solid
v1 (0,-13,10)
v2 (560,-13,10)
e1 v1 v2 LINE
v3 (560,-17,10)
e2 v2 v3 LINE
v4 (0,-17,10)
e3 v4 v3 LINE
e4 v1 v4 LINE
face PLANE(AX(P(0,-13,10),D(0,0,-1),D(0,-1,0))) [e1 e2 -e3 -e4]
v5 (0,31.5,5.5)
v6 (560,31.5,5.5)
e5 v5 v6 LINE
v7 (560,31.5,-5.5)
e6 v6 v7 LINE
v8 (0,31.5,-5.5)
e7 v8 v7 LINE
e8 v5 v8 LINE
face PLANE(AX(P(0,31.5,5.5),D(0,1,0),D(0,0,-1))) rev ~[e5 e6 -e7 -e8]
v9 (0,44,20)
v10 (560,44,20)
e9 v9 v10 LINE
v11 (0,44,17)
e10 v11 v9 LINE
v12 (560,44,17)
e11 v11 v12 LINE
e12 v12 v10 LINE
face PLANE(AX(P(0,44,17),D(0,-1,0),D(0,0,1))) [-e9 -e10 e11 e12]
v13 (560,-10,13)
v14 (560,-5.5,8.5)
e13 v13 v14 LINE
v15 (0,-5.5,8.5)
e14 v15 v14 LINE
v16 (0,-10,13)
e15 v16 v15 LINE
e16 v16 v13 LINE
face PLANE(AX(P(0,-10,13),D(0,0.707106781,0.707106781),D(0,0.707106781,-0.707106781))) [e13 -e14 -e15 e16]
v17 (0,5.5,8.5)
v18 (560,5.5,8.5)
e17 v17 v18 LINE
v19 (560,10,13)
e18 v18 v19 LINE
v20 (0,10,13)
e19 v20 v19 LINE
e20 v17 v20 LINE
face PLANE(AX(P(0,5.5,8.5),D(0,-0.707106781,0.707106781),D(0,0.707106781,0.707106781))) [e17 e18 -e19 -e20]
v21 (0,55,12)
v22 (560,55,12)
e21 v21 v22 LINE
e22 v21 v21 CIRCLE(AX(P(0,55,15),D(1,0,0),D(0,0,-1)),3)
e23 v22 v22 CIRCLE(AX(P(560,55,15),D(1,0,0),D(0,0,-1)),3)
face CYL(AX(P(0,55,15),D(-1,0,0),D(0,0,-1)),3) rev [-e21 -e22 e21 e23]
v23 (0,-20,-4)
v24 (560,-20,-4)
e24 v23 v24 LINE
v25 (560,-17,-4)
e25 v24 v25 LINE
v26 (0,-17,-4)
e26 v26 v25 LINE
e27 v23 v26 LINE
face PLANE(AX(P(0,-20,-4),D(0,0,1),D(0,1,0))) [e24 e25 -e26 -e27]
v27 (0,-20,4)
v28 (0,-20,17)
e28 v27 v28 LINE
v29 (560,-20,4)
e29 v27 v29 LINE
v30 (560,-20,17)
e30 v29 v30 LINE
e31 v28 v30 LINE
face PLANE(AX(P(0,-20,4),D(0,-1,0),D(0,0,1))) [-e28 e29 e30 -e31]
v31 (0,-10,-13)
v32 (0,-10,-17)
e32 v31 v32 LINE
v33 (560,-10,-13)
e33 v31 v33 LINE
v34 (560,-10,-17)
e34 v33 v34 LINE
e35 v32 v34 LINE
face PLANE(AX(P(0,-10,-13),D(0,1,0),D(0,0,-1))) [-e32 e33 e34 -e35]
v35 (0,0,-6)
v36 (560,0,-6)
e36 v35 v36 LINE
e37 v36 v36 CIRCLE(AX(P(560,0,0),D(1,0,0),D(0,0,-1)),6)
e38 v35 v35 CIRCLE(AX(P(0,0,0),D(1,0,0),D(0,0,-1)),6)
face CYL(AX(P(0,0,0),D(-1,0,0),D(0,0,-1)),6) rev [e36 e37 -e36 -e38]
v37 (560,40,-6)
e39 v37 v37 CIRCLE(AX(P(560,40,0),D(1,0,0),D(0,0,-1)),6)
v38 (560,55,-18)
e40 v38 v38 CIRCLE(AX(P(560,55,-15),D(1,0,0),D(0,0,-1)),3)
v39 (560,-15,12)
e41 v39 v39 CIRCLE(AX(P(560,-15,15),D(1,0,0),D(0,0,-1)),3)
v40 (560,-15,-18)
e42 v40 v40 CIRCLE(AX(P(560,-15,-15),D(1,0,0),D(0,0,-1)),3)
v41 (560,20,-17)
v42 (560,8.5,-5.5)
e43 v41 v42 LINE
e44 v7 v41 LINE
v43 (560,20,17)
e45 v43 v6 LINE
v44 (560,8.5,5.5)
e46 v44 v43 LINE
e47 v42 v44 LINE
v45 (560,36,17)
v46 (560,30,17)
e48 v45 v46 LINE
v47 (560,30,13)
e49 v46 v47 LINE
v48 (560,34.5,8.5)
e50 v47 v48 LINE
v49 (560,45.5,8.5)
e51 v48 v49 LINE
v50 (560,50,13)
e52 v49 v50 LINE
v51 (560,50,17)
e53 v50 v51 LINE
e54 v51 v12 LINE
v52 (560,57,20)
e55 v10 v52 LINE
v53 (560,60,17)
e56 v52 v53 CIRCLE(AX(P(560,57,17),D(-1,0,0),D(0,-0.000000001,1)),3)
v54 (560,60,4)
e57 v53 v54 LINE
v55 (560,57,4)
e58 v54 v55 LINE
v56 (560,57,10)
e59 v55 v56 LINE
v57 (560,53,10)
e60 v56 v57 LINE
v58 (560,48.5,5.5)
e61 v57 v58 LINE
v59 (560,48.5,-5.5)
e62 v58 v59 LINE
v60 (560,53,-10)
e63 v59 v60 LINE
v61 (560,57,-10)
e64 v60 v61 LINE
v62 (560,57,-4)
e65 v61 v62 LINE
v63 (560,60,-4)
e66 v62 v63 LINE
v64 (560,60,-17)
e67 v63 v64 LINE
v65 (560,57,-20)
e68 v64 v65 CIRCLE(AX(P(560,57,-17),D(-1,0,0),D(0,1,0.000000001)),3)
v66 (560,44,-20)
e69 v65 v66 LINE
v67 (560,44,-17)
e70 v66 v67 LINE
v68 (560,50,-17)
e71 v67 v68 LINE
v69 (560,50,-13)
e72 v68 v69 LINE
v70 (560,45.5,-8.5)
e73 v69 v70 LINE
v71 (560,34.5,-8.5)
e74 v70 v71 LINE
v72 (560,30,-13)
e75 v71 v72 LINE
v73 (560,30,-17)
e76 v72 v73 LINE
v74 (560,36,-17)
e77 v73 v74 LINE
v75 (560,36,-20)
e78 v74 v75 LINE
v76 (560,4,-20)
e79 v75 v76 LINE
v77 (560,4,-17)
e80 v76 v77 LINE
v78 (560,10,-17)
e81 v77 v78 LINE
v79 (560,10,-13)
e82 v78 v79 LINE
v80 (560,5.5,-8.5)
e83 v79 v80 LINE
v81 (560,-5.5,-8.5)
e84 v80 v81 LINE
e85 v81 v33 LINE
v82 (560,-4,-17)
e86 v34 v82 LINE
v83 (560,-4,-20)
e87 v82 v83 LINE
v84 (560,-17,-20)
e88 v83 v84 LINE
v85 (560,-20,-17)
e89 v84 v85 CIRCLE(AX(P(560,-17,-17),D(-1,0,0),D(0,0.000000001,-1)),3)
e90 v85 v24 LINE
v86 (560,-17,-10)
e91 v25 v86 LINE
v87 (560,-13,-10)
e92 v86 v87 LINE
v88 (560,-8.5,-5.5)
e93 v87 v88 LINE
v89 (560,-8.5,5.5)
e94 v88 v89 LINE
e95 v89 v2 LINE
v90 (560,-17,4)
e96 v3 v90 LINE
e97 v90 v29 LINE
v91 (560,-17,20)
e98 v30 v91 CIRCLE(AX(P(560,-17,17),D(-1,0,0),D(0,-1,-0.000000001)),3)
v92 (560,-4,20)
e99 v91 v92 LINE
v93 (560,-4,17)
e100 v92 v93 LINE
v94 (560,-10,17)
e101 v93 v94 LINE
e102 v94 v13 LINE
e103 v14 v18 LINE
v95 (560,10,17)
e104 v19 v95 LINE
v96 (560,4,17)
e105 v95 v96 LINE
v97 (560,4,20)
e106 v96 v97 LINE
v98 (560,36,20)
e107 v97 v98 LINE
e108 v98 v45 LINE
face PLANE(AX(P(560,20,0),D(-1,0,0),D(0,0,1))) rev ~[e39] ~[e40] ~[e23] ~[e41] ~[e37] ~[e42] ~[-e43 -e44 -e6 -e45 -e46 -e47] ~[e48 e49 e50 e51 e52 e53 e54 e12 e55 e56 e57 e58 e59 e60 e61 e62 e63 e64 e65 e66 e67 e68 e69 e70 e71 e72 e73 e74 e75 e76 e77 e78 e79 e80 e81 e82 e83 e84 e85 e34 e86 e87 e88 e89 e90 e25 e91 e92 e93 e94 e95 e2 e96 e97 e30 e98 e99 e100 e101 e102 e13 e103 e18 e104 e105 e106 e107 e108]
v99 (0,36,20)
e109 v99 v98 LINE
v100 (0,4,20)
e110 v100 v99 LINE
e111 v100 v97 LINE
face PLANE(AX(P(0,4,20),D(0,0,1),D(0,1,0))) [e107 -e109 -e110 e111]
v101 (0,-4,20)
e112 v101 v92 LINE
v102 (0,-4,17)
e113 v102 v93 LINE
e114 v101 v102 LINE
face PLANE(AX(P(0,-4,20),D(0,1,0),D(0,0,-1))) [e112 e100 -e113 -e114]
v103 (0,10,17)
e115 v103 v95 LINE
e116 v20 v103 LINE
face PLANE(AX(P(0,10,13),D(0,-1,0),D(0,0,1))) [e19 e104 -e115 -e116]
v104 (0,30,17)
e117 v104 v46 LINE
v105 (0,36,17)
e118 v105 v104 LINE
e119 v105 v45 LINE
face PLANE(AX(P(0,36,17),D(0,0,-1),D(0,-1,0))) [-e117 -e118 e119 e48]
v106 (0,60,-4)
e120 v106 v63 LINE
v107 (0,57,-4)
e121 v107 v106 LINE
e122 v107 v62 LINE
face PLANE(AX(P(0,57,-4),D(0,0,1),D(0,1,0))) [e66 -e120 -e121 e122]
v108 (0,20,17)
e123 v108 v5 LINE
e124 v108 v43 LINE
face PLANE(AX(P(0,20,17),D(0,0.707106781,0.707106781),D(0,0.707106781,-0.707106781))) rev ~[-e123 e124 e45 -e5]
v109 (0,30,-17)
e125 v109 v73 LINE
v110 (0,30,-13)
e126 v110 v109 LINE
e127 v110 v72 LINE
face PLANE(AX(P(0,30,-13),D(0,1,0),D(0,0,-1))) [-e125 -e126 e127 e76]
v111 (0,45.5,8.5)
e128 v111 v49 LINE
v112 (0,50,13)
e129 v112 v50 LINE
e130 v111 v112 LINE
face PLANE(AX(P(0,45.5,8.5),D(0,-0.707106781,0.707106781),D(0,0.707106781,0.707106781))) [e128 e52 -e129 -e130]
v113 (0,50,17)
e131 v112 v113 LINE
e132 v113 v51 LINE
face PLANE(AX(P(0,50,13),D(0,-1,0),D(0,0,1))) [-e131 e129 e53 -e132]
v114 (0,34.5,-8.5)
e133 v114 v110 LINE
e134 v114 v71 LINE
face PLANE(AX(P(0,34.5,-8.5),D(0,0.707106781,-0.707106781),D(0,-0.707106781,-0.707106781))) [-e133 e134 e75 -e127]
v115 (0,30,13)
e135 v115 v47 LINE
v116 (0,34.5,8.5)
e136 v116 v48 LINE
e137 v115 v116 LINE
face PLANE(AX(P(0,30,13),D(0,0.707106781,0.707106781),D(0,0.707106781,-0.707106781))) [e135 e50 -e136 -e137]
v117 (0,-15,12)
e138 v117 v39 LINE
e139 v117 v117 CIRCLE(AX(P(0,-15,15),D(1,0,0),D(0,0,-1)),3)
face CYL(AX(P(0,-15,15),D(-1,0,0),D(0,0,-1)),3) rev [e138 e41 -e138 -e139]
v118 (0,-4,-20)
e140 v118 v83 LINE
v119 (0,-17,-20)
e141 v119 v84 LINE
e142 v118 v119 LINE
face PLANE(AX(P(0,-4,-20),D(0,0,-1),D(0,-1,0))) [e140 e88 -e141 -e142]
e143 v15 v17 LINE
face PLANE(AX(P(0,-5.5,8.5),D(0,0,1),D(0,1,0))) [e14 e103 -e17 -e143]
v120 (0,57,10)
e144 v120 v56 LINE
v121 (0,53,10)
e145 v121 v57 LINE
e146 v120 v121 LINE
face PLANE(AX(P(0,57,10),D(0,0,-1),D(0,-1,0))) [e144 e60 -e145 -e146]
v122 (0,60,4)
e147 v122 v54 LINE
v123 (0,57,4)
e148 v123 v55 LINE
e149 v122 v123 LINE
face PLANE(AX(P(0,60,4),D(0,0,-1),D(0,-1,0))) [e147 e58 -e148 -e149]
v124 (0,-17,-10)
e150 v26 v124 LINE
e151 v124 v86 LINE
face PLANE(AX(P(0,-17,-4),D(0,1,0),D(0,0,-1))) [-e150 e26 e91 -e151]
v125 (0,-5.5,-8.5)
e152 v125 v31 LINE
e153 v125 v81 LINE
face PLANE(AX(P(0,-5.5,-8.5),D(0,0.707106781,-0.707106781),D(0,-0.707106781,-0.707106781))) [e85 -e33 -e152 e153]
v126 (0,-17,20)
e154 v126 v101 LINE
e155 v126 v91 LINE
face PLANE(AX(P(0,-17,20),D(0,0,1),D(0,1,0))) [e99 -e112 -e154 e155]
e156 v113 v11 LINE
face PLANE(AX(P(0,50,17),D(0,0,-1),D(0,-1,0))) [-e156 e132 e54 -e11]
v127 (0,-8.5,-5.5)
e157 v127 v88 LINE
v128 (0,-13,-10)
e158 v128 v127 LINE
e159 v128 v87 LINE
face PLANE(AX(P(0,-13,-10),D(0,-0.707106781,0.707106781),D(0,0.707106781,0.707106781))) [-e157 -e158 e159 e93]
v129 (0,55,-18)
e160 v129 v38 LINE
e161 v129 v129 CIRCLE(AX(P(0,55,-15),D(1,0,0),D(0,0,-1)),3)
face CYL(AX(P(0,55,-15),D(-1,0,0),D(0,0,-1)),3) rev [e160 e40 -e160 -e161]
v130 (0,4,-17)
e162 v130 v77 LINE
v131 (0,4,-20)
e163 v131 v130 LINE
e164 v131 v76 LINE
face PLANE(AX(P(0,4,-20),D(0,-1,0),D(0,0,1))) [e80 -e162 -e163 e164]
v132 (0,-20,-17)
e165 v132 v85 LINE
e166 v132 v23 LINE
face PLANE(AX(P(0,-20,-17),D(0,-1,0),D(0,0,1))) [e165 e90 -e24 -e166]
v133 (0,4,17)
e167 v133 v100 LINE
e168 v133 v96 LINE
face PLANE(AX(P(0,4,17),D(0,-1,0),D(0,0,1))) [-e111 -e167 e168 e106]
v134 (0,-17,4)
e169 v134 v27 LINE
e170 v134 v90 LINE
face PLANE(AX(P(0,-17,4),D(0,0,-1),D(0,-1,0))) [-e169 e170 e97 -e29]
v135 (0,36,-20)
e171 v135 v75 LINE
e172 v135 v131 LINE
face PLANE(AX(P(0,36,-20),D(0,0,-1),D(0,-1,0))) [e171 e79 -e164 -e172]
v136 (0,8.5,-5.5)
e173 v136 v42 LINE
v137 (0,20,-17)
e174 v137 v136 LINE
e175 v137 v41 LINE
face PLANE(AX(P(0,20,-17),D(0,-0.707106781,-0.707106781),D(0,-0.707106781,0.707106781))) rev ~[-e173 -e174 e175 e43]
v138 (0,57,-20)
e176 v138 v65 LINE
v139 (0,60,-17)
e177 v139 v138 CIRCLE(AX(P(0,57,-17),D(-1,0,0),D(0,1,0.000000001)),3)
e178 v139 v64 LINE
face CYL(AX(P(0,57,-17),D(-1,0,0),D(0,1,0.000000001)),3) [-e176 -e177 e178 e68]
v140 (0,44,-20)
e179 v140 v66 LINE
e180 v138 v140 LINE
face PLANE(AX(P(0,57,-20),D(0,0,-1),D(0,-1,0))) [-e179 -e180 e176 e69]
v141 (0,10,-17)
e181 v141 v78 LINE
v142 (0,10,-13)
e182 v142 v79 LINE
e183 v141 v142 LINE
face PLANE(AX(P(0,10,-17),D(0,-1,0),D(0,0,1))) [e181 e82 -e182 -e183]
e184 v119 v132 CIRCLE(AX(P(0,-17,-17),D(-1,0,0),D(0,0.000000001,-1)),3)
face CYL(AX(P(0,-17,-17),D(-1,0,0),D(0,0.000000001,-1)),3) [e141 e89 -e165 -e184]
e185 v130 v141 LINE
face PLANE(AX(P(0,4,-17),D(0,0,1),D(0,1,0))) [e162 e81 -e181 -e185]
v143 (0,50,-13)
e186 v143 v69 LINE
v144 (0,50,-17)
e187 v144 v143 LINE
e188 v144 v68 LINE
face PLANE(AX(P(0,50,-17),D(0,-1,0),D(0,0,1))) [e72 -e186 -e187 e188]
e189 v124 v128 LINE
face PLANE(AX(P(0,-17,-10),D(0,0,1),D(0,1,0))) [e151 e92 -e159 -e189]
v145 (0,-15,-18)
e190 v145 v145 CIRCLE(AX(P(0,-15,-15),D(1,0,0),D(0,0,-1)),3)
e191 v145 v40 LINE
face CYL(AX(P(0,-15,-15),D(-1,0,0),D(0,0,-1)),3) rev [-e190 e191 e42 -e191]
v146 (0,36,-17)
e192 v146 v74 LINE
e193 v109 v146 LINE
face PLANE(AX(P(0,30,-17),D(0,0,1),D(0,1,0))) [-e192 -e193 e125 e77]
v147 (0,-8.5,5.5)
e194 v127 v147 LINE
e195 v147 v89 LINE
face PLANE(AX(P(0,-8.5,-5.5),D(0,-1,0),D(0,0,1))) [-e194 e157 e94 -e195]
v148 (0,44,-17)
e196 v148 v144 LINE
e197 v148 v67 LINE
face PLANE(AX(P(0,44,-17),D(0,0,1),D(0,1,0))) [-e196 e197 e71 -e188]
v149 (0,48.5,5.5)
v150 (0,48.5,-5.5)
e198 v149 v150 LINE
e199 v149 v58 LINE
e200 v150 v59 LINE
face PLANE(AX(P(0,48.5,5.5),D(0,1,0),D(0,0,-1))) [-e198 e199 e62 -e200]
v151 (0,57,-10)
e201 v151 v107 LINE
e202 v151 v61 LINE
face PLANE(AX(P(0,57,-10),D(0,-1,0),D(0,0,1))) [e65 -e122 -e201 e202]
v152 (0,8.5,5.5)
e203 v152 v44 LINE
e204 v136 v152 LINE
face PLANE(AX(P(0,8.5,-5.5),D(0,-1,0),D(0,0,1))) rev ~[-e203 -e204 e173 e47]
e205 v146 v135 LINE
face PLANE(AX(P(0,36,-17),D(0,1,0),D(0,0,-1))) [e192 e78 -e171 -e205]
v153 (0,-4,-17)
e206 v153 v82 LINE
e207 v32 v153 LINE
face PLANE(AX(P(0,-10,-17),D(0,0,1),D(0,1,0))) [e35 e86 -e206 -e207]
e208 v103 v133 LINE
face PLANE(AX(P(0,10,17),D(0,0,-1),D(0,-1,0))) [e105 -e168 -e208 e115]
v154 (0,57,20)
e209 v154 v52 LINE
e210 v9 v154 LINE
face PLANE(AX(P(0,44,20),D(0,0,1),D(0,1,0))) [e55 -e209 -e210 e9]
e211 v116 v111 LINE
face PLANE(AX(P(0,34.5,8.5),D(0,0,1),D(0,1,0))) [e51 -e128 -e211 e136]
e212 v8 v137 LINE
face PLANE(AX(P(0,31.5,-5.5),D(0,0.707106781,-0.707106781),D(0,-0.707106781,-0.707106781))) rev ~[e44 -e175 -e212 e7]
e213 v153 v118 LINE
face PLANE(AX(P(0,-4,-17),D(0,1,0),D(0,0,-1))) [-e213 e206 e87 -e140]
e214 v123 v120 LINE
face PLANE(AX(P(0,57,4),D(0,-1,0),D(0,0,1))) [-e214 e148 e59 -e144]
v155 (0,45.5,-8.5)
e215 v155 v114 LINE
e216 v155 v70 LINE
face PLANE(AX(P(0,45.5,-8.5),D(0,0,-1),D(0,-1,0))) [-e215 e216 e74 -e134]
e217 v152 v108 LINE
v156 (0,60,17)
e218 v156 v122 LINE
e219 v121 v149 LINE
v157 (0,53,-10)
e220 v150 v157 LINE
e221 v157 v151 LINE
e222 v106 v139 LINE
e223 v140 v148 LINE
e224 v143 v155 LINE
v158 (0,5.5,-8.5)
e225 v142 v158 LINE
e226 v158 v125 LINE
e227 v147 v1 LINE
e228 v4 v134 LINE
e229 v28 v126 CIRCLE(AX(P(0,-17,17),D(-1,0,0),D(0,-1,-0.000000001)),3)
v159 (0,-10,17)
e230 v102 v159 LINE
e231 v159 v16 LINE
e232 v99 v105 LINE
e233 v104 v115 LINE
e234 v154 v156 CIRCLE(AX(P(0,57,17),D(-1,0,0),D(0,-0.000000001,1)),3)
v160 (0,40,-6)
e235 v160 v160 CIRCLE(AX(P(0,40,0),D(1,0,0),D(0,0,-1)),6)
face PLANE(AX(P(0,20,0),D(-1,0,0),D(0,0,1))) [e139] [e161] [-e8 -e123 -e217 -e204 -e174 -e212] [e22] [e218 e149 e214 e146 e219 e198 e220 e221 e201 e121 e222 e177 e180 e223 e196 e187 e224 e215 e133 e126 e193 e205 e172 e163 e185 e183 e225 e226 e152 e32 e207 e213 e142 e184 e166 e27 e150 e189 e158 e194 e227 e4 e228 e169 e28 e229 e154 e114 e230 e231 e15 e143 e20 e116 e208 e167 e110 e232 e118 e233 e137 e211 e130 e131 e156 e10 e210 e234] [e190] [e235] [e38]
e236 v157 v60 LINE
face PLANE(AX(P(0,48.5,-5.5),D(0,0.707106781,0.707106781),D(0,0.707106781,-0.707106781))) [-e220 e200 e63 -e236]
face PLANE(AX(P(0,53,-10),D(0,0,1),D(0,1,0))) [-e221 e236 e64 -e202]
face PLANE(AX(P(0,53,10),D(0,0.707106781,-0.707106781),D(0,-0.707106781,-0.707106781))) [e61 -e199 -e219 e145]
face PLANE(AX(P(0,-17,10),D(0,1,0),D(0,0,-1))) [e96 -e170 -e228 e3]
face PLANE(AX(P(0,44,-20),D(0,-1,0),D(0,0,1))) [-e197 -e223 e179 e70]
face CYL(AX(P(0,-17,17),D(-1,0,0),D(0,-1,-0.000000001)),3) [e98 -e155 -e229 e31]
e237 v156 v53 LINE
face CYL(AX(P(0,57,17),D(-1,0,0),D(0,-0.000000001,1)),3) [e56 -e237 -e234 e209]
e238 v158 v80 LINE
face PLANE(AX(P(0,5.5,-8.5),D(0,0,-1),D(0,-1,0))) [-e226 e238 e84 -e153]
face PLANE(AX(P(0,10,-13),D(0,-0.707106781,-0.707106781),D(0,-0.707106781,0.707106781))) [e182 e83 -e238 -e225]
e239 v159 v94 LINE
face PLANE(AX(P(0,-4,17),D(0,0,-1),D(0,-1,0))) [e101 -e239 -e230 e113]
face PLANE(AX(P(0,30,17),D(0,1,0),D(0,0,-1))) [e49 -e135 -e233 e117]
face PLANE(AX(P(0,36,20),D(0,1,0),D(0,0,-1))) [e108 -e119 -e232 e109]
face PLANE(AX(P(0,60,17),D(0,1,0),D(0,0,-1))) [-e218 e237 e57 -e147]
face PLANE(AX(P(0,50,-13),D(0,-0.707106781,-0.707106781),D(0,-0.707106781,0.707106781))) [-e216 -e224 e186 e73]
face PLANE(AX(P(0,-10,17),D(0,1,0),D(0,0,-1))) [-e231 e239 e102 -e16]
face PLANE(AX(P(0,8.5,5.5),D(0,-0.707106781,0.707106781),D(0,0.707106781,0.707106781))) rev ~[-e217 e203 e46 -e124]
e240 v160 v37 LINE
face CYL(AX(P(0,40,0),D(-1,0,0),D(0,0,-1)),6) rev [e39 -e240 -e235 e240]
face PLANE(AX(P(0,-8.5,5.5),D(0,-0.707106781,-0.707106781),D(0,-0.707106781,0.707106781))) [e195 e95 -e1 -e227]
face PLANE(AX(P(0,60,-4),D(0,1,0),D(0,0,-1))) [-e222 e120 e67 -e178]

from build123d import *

# Parameters (mm, degrees)
SKETCH1_R           = 6
SKETCH1_R_2         = 3
BOSS_EXTRUDE1_DEPTH = 560


with BuildPart() as part:
    # Sketch1 → Boss-Extrude1 (new body)
    with BuildSketch(Plane(origin=(0, 0, 0), x_dir=(0, 0, -1), z_dir=(1, 0, 0))):
        with BuildLine():
            Line((-20, -4), (-17, -4))
            Line((-17, -4), (-17, -10))
            Line((-17, -10), (-13, -10))
            Line((-13, -10), (-8.5, -5.5))
            Line((-8.5, -5.5), (-8.5, 5.5))
            Line((-8.5, 5.5), (-13, 10))
            Line((-13, 10), (-17, 10))
            Line((-17, 10), (-17, 4))
            Line((-17, 4), (-20, 4))
            Line((-20, 4), (-20, 36))
            Line((-20, 36), (-17, 36))
            Line((-17, 36), (-17, 30))
            Line((-17, 30), (-13, 30))
            Line((-13, 30), (-8.5, 34.5))
            Line((-8.5, 34.5), (-8.5, 45.5))
            Line((-8.5, 45.5), (-13, 50))
            Line((-13, 50), (-17, 50))
            Line((-17, 50), (-17, 44))
            Line((-17, 44), (-20, 44))
            Line((-20, 44), (-20, 57))
            ThreePointArc((-20, 57), (-19.121320344, 59.121320344), (-17, 60))
            Line((-17, 60), (-4, 60))
            Line((-4, 60), (-4, 57))
            Line((-4, 57), (-10, 57))
            Line((-10, 57), (-10, 53))
            Line((-10, 53), (-5.5, 48.5))
            Line((-5.5, 48.5), (5.5, 48.5))
            Line((5.5, 48.5), (10, 53))
            Line((10, 53), (10, 57))
            Line((10, 57), (4, 57))
            Line((4, 57), (4, 60))
            Line((4, 60), (17, 60))
            ThreePointArc((17, 60), (19.121320344, 59.121320344), (20, 57))
            Line((20, 57), (20, 44))
            Line((20, 44), (17, 44))
            Line((17, 44), (17, 50))
            Line((17, 50), (13, 50))
            Line((13, 50), (8.5, 45.5))
            Line((8.5, 45.5), (8.5, 34.5))
            Line((8.5, 34.5), (13, 30))
            Line((13, 30), (17, 30))
            Line((17, 30), (17, 36))
            Line((17, 36), (20, 36))
            Line((20, 36), (20, 20))
            Line((20, 20), (20, 4))
            Line((20, 4), (17, 4))
            Line((17, 4), (17, 10))
            Line((17, 10), (13, 10))
            Line((13, 10), (8.5, 5.5))
            Line((8.5, 5.5), (8.5, -5.5))
            Line((8.5, -5.5), (13, -10))
            Line((13, -10), (17, -10))
            Line((17, -10), (17, -4))
            Line((17, -4), (20, -4))
            Line((20, -4), (20, -17))
            ThreePointArc((20, -17), (19.121320344, -19.121320344), (17, -20))
            Line((17, -20), (4, -20))
            Line((4, -20), (4, -17))
            Line((4, -17), (10, -17))
            Line((10, -17), (10, -13))
            Line((10, -13), (5.5, -8.5))
            Line((5.5, -8.5), (-5.5, -8.5))
            Line((-5.5, -8.5), (-10, -13))
            Line((-10, -13), (-10, -17))
            Line((-10, -17), (-4, -17))
            Line((-4, -17), (-4, -20))
            Line((-4, -20), (-17, -20))
            ThreePointArc((-17, -20), (-19.121320344, -19.121320344), (-20, -17))
            Line((-20, -17), (-20, -4))
        make_face()
        Circle(SKETCH1_R, mode=Mode.SUBTRACT)
        with Locations((-15, -15)):
            Circle(SKETCH1_R_2, mode=Mode.SUBTRACT)
        with Locations((15, 55)):
            Circle(SKETCH1_R_2, mode=Mode.SUBTRACT)
        with Locations((-15, 55)):
            Circle(SKETCH1_R_2, mode=Mode.SUBTRACT)
        with Locations((15, -15)):
            Circle(SKETCH1_R_2, mode=Mode.SUBTRACT)
        with Locations((0, 40)):
            Circle(SKETCH1_R, mode=Mode.SUBTRACT)
        Polygon((-5.5, 8.5), (-17, 20), (-5.5, 31.5), (5.5, 31.5), (17, 20), (5.5, 8.5), align=None, mode=Mode.SUBTRACT)
    extrude(amount=BOSS_EXTRUDE1_DEPTH)


solid = part.part
